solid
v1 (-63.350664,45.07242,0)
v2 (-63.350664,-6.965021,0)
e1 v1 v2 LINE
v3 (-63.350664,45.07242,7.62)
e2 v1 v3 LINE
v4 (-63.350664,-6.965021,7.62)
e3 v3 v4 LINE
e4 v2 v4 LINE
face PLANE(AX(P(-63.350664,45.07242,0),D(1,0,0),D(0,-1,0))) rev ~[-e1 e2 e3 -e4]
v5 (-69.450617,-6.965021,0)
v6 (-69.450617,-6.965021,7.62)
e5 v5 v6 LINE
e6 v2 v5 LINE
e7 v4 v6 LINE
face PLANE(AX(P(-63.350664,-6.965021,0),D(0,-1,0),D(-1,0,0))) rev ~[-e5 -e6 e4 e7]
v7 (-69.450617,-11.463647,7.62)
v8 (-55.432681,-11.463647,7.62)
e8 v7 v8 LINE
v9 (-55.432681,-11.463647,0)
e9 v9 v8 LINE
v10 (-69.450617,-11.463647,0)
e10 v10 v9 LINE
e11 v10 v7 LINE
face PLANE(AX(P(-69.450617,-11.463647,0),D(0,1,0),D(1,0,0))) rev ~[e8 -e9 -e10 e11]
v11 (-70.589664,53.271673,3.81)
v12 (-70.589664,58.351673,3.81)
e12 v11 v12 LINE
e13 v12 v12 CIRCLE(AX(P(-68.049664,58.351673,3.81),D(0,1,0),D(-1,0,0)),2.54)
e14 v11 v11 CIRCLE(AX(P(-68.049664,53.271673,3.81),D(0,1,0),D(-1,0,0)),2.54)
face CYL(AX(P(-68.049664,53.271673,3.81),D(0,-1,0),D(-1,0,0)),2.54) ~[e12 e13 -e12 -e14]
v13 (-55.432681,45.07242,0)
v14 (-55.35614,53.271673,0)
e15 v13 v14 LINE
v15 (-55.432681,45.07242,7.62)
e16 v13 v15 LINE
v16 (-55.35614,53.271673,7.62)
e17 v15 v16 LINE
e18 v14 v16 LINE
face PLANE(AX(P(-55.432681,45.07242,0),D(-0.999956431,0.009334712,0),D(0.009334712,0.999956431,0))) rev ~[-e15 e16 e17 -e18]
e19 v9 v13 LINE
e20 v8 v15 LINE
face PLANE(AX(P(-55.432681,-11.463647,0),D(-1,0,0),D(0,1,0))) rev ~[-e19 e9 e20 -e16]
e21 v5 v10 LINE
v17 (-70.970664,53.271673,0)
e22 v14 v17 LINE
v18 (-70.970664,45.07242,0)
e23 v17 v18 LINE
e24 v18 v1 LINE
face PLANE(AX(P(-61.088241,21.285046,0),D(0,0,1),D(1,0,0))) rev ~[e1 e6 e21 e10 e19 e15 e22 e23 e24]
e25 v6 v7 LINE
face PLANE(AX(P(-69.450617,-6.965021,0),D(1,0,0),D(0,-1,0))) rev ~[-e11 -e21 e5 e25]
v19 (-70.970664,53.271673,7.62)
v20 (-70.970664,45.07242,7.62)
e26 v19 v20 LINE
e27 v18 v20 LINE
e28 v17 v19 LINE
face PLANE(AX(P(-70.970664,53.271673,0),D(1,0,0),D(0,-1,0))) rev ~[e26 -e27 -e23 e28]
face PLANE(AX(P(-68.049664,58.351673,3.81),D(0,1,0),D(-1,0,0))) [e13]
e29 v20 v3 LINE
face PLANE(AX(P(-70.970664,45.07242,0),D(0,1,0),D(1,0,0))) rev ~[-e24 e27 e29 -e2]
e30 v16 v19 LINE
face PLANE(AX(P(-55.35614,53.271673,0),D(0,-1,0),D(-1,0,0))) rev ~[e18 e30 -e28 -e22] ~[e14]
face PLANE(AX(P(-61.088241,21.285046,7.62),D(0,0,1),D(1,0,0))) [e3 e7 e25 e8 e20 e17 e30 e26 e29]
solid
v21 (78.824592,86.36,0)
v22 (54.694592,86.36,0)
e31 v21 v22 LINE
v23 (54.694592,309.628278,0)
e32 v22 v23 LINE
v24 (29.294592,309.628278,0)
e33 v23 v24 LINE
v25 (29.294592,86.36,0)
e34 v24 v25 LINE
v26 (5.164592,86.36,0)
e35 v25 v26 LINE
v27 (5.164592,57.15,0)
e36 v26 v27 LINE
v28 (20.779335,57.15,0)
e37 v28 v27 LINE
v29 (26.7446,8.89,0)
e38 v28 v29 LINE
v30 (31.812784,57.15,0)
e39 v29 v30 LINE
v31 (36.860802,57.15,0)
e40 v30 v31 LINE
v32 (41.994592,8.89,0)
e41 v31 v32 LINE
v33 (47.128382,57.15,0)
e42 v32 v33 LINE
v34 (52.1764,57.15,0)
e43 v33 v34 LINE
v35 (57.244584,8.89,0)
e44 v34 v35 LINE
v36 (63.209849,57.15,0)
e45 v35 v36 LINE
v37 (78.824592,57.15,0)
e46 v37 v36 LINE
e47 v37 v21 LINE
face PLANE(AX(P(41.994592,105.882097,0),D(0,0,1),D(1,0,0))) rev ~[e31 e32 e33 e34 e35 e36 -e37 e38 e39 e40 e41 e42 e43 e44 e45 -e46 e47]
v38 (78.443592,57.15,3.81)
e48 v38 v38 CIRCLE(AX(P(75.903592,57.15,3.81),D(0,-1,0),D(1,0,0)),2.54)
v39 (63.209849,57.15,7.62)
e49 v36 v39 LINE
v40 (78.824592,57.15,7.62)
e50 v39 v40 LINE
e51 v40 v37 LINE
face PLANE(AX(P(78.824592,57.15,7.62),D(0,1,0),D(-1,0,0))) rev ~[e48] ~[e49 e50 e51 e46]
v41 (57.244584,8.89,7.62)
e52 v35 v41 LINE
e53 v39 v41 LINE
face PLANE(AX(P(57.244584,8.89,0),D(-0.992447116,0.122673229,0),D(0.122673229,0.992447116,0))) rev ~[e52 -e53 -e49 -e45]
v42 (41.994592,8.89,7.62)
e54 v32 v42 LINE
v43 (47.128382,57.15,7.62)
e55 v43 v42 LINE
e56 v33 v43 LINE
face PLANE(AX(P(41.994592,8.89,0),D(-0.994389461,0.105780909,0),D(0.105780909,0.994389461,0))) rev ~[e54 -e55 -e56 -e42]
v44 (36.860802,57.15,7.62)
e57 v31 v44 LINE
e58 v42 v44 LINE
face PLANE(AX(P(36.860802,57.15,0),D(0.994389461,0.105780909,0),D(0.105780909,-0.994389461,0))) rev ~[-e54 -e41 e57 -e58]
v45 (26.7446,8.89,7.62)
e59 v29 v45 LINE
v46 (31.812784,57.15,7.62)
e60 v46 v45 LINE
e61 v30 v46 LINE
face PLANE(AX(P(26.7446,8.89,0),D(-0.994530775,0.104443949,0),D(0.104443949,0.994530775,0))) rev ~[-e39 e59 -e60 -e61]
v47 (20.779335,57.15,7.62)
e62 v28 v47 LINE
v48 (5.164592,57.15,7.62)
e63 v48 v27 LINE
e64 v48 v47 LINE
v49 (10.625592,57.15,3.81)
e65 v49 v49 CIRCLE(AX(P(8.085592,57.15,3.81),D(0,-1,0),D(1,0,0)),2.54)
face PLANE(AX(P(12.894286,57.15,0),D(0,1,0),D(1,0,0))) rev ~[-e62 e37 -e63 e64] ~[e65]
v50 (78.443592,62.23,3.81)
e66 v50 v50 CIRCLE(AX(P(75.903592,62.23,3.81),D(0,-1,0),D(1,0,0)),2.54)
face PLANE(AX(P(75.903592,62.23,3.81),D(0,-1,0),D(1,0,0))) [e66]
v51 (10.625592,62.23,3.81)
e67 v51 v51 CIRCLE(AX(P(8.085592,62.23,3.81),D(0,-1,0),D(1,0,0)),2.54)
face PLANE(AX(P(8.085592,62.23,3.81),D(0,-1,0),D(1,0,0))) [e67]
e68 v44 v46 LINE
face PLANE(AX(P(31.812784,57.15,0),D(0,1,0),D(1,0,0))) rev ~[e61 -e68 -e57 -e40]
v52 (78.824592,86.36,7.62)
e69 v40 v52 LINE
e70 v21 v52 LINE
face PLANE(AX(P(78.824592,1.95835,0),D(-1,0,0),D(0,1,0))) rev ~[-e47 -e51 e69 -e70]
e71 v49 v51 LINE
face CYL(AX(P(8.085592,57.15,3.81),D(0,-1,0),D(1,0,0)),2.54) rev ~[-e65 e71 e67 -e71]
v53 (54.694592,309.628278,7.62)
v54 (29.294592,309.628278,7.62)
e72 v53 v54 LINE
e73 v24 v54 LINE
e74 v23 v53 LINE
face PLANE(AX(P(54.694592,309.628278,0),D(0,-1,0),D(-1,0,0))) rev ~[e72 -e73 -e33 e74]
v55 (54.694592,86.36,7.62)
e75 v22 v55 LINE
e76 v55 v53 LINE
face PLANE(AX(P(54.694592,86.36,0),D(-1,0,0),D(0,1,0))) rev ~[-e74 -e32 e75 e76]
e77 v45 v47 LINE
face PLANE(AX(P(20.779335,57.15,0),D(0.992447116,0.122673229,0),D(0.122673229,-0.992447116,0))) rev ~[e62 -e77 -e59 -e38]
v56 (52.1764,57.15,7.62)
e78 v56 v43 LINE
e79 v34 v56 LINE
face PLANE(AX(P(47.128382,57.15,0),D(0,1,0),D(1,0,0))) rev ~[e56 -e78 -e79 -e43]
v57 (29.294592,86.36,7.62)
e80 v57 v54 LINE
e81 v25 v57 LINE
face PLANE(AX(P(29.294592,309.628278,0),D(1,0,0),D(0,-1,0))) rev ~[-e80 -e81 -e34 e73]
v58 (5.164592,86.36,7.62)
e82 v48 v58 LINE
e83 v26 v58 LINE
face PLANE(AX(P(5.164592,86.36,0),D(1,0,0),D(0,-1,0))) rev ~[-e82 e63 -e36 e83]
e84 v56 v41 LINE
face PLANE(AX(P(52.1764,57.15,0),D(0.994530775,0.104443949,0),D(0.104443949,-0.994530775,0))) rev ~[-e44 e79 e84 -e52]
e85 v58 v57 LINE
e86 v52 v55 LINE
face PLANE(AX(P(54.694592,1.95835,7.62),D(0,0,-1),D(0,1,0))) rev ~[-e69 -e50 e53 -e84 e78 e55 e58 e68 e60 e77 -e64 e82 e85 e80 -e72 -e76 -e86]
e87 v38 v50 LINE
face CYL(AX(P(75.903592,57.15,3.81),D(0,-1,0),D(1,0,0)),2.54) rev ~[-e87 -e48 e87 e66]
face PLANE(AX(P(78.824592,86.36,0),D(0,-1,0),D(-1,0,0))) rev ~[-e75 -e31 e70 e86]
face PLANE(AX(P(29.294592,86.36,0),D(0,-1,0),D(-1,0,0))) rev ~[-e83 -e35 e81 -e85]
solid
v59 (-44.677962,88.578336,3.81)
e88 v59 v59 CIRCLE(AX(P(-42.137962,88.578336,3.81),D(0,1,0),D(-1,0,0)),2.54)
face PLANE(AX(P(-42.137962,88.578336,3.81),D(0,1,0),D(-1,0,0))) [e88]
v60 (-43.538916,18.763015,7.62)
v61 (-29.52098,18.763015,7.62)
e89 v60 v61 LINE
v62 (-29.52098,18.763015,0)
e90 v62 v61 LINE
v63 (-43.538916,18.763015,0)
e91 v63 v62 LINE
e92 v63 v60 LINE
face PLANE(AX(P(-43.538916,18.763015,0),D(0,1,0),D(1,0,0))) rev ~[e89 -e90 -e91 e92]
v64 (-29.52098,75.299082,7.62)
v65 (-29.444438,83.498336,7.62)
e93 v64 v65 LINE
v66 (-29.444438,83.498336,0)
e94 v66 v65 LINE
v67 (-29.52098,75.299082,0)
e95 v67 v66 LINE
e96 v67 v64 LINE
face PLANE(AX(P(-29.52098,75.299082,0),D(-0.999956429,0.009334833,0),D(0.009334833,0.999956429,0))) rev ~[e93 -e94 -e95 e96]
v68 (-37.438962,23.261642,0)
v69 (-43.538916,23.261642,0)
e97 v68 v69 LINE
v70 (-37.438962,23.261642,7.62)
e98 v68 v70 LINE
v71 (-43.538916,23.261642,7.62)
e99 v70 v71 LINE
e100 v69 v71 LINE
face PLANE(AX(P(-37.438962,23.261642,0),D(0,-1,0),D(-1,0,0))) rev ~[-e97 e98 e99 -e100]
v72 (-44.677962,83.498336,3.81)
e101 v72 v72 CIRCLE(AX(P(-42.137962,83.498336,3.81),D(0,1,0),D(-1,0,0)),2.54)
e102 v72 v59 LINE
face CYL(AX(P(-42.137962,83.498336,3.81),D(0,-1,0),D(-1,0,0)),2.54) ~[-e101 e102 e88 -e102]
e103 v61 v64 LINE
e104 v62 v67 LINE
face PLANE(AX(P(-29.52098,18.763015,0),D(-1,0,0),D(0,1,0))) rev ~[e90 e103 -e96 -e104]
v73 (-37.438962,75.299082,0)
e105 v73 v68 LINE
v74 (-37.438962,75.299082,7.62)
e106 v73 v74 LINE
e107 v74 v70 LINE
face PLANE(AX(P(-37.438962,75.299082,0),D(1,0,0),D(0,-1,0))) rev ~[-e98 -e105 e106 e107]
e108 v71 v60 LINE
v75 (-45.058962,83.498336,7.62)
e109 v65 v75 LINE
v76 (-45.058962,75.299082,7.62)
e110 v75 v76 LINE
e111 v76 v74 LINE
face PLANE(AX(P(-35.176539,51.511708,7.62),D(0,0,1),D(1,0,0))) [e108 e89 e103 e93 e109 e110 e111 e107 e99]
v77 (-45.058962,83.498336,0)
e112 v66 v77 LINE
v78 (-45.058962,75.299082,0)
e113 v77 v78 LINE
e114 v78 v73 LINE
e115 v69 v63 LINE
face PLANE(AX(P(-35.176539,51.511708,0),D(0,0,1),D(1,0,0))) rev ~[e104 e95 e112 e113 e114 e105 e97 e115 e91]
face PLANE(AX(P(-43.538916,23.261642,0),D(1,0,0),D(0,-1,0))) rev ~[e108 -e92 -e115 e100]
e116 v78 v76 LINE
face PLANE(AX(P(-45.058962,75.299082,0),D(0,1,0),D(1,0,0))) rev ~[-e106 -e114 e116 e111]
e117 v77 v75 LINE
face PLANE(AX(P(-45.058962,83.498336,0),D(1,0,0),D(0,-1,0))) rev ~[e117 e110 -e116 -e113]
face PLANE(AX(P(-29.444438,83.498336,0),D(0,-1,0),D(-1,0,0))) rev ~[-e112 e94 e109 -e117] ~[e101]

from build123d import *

# Parameters (mm, degrees)
F1_DEPTH  = 101.6
F2_W      = 223.268278
F2_H      = 93.98
F2_W_2    = 84.40165
F3_DEPTH  = 49.531
F4_W      = 84.40165
F4_H      = 93.98
F5_DEPTH  = 73.661
F7_DEPTH  = 7.621
F9_DEPTH  = 7.62
F10_R     = 2.54
F11_DEPTH = 5.08
F12_R     = 2.54
F13_DEPTH = 5.08
F14_R     = 2.54
F15_DEPTH = 5.08


with BuildPart() as f1:
    # F0 (on Top) → F1 (new body)
    with BuildSketch(Plane.XY):
        Polygon((20.779335, 57.15), (26.7446, 8.89), (31.812784, 57.15), (36.860802, 57.15), (41.994592, 8.89), (47.128382, 57.15), (52.1764, 57.15), (57.244584, 8.89), (63.209849, 57.15), (71.094898, 57.15), (71.094898, 6.35), (65.14, 6.35), (65.14, 1.95835), (78.824592, 1.95835), (78.824592, 57.15), (78.824592, 63.5), (78.824592, 86.36), (54.694592, 86.36), (54.694592, 309.628278), (29.294592, 309.628278), (29.294592, 86.36), (5.164592, 86.36), (5.164592, 63.5), (5.164592, 57.15), (5.164592, 1.95835), (18.849184, 1.95835), (18.849184, 6.35), (12.894286, 6.35), (12.894286, 57.15), align=None)
    extrude(amount=F1_DEPTH)

    # F2 (on face) → F3 (cut, through all)
    with BuildSketch(Plane.YZ.offset(54.694592)):
        with Locations((197.994139, 54.61)):
            Rectangle(F2_W, F2_H)
        with Locations((44.159175, 54.61)):
            Rectangle(F2_W_2, F2_H)
    extrude(amount=-F3_DEPTH, mode=Mode.SUBTRACT)

    # F4 (on face) → F5 (cut, through all)
    with BuildSketch(Plane.YZ.offset(78.824592)):
        with Locations((44.159175, 54.61)):
            Rectangle(F4_W, F4_H)
    extrude(amount=-F5_DEPTH, mode=Mode.SUBTRACT)

    # F6 (on face) → F7 (cut, through all)
    with BuildSketch(Plane.XY.offset(7.62)):
        Polygon((5.164592, 57.15), (5.164592, 1.95835), (18.849184, 1.95835), (18.849184, 6.35), (12.894286, 6.35), (12.894286, 57.15), align=None)
        Polygon((78.824592, 1.95835), (78.824592, 57.15), (71.094898, 57.15), (71.094898, 6.35), (65.14, 6.35), (65.14, 1.95835), align=None)
    extrude(amount=-F7_DEPTH, mode=Mode.SUBTRACT)

    # F14 (on face) → F15 (cut)
    with BuildSketch(Plane.XZ.offset(-57.15)):
        with Locations((8.085592, 3.81)):
            Circle(F14_R)
        with Locations((75.903592, 3.81)):
            Circle(F14_R)
    extrude(amount=-F15_DEPTH, mode=Mode.SUBTRACT)


with BuildPart() as f9:
    # F8 (on Top) → F9 (new body)
    with BuildSketch(Plane.XY):
        Polygon((-63.350664, -6.965021), (-69.450617, -6.965021), (-69.450617, -11.463647), (-55.432681, -11.463647), (-55.432681, 45.07242), (-55.35614, 53.271673), (-70.970664, 53.271673), (-70.970664, 45.07242), (-63.350664, 45.07242), align=None)
        Polygon((-37.438962, 23.261642), (-43.538916, 23.261642), (-43.538916, 18.763015), (-29.52098, 18.763015), (-29.52098, 75.299082), (-29.444438, 83.498336), (-45.058962, 83.498336), (-45.058962, 75.299082), (-37.438962, 75.299082), align=None)
    extrude(amount=F9_DEPTH)

    # F10 (on face) → F11 (join)
    with BuildSketch(Plane(origin=(0, 53.271673, 0), x_dir=(-1, 0, 0), z_dir=(0, 1, 0))):
        with Locations((68.049664, 3.81)):
            Circle(F10_R)
    extrude(amount=F11_DEPTH)

    # F12 (on face) → F13 (join)
    with BuildSketch(Plane(origin=(0, 83.498336, 0), x_dir=(-1, 0, 0), z_dir=(0, 1, 0))):
        with Locations((42.137962, 3.81)):
            Circle(F12_R)
    extrude(amount=F13_DEPTH)


solid = Compound([f1.part, f9.part])
